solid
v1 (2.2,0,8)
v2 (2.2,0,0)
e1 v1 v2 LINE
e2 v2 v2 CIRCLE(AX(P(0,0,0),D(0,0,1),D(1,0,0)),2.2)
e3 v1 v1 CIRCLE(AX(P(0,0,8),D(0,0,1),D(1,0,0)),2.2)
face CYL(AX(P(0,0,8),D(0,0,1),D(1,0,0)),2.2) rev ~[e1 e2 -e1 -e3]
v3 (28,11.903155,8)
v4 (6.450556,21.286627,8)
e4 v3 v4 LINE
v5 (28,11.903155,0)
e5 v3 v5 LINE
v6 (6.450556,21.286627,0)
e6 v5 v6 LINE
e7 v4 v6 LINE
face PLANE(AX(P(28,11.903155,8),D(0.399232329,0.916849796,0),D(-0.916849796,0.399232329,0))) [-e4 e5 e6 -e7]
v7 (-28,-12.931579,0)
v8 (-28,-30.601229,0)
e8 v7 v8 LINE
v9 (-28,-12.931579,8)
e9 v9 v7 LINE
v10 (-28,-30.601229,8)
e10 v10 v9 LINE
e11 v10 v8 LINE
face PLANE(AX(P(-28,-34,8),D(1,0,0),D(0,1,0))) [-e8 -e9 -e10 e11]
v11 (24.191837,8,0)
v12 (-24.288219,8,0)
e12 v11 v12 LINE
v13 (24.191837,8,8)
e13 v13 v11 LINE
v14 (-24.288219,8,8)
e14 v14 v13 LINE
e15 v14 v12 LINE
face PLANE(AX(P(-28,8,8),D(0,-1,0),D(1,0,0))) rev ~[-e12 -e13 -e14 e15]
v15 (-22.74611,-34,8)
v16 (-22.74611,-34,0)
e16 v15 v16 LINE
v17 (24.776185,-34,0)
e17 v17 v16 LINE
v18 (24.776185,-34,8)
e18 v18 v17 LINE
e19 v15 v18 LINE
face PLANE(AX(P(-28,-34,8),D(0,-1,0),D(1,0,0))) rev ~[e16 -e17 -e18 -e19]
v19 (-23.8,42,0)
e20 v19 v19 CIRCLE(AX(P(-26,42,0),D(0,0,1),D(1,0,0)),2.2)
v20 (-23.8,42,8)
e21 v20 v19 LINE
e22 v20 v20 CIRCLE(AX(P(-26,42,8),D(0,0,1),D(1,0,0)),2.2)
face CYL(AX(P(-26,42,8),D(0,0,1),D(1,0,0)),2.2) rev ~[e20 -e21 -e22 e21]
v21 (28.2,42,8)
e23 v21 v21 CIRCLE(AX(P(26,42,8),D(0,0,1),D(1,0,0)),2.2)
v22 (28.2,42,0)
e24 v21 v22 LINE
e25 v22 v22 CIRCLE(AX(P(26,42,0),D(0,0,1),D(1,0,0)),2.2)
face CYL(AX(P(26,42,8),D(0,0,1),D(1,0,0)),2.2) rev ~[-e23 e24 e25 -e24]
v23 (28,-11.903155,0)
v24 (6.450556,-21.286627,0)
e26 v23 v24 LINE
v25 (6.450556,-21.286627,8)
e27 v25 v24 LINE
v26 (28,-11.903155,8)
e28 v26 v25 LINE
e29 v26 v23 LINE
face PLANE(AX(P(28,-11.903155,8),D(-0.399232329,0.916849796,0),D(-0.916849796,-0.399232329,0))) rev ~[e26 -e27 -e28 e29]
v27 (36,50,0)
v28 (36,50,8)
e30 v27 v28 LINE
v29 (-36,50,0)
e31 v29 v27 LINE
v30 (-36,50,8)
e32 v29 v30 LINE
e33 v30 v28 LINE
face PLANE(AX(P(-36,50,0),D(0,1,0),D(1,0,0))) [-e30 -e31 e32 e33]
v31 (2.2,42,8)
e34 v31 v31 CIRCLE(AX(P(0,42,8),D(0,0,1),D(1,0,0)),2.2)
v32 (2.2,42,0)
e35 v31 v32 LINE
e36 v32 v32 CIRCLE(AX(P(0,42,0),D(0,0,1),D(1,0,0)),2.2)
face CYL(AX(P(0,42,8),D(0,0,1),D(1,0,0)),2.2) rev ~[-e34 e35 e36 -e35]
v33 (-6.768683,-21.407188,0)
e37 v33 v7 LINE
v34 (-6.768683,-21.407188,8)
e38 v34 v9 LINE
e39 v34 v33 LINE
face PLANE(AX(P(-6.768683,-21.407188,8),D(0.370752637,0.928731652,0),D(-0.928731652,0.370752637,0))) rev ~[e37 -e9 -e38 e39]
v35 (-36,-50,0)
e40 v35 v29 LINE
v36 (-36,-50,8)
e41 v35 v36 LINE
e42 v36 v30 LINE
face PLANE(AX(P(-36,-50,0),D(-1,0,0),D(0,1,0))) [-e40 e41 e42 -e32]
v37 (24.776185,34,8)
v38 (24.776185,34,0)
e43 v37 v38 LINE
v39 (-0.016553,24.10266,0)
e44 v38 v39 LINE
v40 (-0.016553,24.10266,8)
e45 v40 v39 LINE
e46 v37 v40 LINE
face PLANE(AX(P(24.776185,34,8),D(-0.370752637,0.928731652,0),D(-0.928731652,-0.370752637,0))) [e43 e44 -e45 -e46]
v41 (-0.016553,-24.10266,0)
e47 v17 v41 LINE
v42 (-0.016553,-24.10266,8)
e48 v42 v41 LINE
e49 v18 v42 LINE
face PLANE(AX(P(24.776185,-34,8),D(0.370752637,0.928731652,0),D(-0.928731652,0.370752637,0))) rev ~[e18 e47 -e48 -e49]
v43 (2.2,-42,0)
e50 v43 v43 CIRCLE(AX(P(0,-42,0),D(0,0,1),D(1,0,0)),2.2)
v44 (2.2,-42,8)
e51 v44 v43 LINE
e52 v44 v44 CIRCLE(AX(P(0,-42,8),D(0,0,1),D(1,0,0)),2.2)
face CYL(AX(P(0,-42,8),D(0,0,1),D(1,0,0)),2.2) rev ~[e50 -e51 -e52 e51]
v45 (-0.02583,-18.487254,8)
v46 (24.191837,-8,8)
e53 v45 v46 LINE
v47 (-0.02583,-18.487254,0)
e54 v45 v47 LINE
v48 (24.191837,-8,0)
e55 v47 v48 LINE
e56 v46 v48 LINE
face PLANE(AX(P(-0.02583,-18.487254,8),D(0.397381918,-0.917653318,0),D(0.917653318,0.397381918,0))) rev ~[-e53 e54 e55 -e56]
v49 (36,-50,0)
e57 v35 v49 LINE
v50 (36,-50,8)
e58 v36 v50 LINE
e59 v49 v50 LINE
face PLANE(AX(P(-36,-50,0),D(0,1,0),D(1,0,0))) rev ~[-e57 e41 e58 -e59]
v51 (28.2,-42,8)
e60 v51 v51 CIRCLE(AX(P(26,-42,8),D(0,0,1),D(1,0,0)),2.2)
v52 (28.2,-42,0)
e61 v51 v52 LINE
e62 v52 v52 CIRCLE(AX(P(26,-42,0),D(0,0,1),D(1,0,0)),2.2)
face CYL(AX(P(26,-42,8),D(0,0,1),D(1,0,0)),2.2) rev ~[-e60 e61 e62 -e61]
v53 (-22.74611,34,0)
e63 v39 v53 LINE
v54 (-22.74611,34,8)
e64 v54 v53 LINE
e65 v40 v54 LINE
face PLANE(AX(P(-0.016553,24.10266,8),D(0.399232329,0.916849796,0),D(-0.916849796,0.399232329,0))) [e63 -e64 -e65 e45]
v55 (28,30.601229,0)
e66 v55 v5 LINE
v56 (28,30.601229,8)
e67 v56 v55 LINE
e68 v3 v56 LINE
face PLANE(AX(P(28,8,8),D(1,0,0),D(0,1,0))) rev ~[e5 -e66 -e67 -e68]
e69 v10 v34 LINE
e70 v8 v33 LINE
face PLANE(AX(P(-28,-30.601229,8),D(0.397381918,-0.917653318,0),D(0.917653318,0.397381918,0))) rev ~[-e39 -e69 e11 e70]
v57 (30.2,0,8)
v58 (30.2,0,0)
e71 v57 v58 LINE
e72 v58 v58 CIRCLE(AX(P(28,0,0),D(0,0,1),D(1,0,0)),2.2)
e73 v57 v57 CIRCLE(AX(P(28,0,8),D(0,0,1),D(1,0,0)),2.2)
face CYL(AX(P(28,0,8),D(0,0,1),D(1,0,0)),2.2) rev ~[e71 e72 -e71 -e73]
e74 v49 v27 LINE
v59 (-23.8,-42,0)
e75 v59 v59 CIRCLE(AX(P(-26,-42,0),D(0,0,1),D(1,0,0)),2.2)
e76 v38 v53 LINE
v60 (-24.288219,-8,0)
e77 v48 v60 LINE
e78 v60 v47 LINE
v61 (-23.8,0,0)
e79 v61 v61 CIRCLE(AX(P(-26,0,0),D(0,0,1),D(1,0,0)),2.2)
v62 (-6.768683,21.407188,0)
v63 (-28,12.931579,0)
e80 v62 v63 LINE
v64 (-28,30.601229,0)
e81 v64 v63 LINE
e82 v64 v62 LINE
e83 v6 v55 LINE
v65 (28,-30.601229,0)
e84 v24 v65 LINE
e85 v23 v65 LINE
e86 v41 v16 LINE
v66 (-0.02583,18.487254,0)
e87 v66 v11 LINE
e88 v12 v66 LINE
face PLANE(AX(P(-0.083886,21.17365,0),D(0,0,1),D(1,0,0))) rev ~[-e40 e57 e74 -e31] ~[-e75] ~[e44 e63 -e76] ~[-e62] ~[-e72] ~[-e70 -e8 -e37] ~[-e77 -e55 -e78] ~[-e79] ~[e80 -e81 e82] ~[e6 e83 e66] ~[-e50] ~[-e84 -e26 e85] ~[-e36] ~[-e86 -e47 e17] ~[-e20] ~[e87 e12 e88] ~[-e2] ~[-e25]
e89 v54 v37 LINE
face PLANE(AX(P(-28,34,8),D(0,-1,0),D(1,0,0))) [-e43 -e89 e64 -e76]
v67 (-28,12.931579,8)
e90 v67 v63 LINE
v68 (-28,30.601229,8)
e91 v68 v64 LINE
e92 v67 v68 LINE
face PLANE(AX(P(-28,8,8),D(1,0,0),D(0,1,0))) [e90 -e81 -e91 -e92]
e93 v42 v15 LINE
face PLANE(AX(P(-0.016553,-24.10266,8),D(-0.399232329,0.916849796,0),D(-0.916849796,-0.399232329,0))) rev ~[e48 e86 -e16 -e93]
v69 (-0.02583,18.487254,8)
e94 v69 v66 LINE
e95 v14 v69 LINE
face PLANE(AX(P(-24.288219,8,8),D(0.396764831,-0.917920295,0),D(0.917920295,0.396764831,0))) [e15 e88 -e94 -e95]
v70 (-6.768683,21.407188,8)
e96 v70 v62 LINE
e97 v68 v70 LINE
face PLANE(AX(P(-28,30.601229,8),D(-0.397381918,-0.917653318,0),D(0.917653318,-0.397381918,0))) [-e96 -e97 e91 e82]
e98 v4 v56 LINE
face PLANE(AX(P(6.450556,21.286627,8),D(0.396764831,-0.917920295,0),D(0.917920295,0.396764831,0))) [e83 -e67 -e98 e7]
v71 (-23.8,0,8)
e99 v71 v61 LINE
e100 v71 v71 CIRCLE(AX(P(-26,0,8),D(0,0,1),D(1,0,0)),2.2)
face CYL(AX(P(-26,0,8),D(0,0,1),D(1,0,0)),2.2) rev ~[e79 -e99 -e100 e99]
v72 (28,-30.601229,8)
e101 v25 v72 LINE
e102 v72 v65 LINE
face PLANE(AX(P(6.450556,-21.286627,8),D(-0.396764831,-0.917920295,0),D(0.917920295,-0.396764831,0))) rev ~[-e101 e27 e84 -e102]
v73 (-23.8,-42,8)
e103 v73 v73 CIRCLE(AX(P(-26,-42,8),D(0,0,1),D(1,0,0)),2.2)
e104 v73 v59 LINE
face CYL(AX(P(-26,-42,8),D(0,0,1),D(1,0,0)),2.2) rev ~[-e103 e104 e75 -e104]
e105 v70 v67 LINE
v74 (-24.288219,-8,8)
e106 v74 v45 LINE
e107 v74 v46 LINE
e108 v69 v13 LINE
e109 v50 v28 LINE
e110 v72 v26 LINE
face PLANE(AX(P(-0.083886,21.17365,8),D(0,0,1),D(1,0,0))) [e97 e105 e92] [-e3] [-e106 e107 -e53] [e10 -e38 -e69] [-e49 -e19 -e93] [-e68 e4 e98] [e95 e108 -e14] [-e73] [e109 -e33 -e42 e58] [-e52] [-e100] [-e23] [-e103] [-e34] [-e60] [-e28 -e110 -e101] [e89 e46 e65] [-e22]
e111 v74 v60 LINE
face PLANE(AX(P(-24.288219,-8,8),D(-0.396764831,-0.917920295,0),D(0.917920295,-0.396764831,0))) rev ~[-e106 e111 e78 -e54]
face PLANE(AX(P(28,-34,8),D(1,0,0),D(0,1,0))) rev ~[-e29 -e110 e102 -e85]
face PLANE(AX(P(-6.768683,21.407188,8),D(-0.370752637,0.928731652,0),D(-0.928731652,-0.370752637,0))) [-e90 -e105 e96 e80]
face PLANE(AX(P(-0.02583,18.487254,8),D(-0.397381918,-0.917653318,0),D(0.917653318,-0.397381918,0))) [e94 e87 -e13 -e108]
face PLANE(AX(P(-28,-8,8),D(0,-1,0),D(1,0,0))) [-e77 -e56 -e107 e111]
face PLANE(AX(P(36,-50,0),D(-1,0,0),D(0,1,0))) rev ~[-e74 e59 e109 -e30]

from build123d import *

# Parameters (mm, degrees)
SKETCH_1_W          = 72
SKETCH_1_H          = 100
EXTRUDE_1_DEPTH     = 8
CUT_EXTRUDE_1_REACH = 64.129
SKETCH_2_R          = 2.2
SKETCH_2_W          = 56
SKETCH_2_H          = 26
EXTRUDE_2_DEPTH     = 8


with BuildPart() as part:
    # 草图1 → 凸台-拉伸1 (new body)
    with BuildSketch(Plane.XY):
        Rectangle(SKETCH_1_W, SKETCH_1_H)
    extrude(amount=EXTRUDE_1_DEPTH)

    # 草图2 → 切除-拉伸1 (cut, up to next)
    with BuildSketch(Plane.XY.offset(8), mode=Mode.PRIVATE) as cut_extrude_1_sk1:
        with Locations((-26, -42)):
            Circle(SKETCH_2_R)
    cut_extrude_1_tool1 = extrude(cut_extrude_1_sk1.sketch, amount=-CUT_EXTRUDE_1_REACH, mode=Mode.PRIVATE) & part.part
    # 草图2 → 切除-拉伸1 (cut, up to next)
    with BuildSketch(Plane.XY.offset(8), mode=Mode.PRIVATE) as cut_extrude_1_sk2:
        with Locations((0, -42)):
            Circle(SKETCH_2_R)
    cut_extrude_1_tool2 = extrude(cut_extrude_1_sk2.sketch, amount=-CUT_EXTRUDE_1_REACH, mode=Mode.PRIVATE) & part.part
    # 草图2 → 切除-拉伸1 (cut, up to next)
    with BuildSketch(Plane.XY.offset(8), mode=Mode.PRIVATE) as cut_extrude_1_sk3:
        with Locations((26, -42)):
            Circle(SKETCH_2_R)
    cut_extrude_1_tool3 = extrude(cut_extrude_1_sk3.sketch, amount=-CUT_EXTRUDE_1_REACH, mode=Mode.PRIVATE) & part.part
    # 草图2 → 切除-拉伸1 (cut, up to next)
    with BuildSketch(Plane.XY.offset(8), mode=Mode.PRIVATE) as cut_extrude_1_sk4:
        with Locations((26, 42)):
            Circle(SKETCH_2_R)
    cut_extrude_1_tool4 = extrude(cut_extrude_1_sk4.sketch, amount=-CUT_EXTRUDE_1_REACH, mode=Mode.PRIVATE) & part.part
    # 草图2 → 切除-拉伸1 (cut, up to next)
    with BuildSketch(Plane.XY.offset(8), mode=Mode.PRIVATE) as cut_extrude_1_sk5:
        with Locations((0, 42)):
            Circle(SKETCH_2_R)
    cut_extrude_1_tool5 = extrude(cut_extrude_1_sk5.sketch, amount=-CUT_EXTRUDE_1_REACH, mode=Mode.PRIVATE) & part.part
    # 草图2 → 切除-拉伸1 (cut, up to next)
    with BuildSketch(Plane.XY.offset(8), mode=Mode.PRIVATE) as cut_extrude_1_sk6:
        with Locations((-26, 42)):
            Circle(SKETCH_2_R)
    cut_extrude_1_tool6 = extrude(cut_extrude_1_sk6.sketch, amount=-CUT_EXTRUDE_1_REACH, mode=Mode.PRIVATE) & part.part
    # 草图2 → 切除-拉伸1 (cut, up to next)
    with BuildSketch(Plane.XY.offset(8), mode=Mode.PRIVATE) as cut_extrude_1_sk7:
        with Locations((-26, 0)):
            Circle(SKETCH_2_R)
    cut_extrude_1_tool7 = extrude(cut_extrude_1_sk7.sketch, amount=-CUT_EXTRUDE_1_REACH, mode=Mode.PRIVATE) & part.part
    # 草图2 → 切除-拉伸1 (cut, up to next)
    with BuildSketch(Plane.XY.offset(8), mode=Mode.PRIVATE) as cut_extrude_1_sk8:
        Circle(SKETCH_2_R)
    cut_extrude_1_tool8 = extrude(cut_extrude_1_sk8.sketch, amount=-CUT_EXTRUDE_1_REACH, mode=Mode.PRIVATE) & part.part
    # 草图2 → 切除-拉伸1 (cut, up to next)
    with BuildSketch(Plane.XY.offset(8), mode=Mode.PRIVATE) as cut_extrude_1_sk9:
        with Locations((28, 0)):
            Circle(SKETCH_2_R)
    cut_extrude_1_tool9 = extrude(cut_extrude_1_sk9.sketch, amount=-CUT_EXTRUDE_1_REACH, mode=Mode.PRIVATE) & part.part
    # 草图2 → 切除-拉伸1 (cut, up to next)
    with BuildSketch(Plane.XY.offset(8), mode=Mode.PRIVATE) as cut_extrude_1_sk10:
        with Locations((0, 21)):
            Rectangle(SKETCH_2_W, SKETCH_2_H)
    cut_extrude_1_tool10 = extrude(cut_extrude_1_sk10.sketch, amount=-CUT_EXTRUDE_1_REACH, mode=Mode.PRIVATE) & part.part
    # 草图2 → 切除-拉伸1 (cut, up to next)
    with BuildSketch(Plane.XY.offset(8), mode=Mode.PRIVATE) as cut_extrude_1_sk11:
        with Locations((0, -21)):
            Rectangle(SKETCH_2_W, SKETCH_2_H)
    cut_extrude_1_tool11 = extrude(cut_extrude_1_sk11.sketch, amount=-CUT_EXTRUDE_1_REACH, mode=Mode.PRIVATE) & part.part
    add(cut_extrude_1_tool1.solids().sort_by_distance((-26, -42, 8))[0], mode=Mode.SUBTRACT)
    add(cut_extrude_1_tool2.solids().sort_by_distance((0, -42, 8))[0], mode=Mode.SUBTRACT)
    add(cut_extrude_1_tool3.solids().sort_by_distance((26, -42, 8))[0], mode=Mode.SUBTRACT)
    add(cut_extrude_1_tool4.solids().sort_by_distance((26, 42, 8))[0], mode=Mode.SUBTRACT)
    add(cut_extrude_1_tool5.solids().sort_by_distance((0, 42, 8))[0], mode=Mode.SUBTRACT)
    add(cut_extrude_1_tool6.solids().sort_by_distance((-26, 42, 8))[0], mode=Mode.SUBTRACT)
    add(cut_extrude_1_tool7.solids().sort_by_distance((-26, 0, 8))[0], mode=Mode.SUBTRACT)
    add(cut_extrude_1_tool8.solids().sort_by_distance((0, 0, 8))[0], mode=Mode.SUBTRACT)
    add(cut_extrude_1_tool9.solids().sort_by_distance((28, 0, 8))[0], mode=Mode.SUBTRACT)
    add(cut_extrude_1_tool10.solids().sort_by_distance((0, 21, 8))[0], mode=Mode.SUBTRACT)
    add(cut_extrude_1_tool11.solids().sort_by_distance((0, -21, 8))[0], mode=Mode.SUBTRACT)

    # 草图3 → 凸台-拉伸2 (add)
    with BuildSketch(Plane.XY.offset(8)):
        Polygon((-28, 30.60122868), (-6.768682564, 21.407188314), (-28, 12.93157869), (-28, 8), (-24.288219299, 8), (-0.025829724, 18.487253581), (24.191837476, 8), (28, 8), (28, 11.903155093), (6.450556004, 21.286627452), (28, 30.60122868), (28, 34), (24.776184912, 34), (-0.016552798, 24.102660047), (-22.746110137, 34), (-28, 34), align=None)
        Polygon((-28, -8), (-24.288219299, -8), (-0.025829724, -18.487253581), (24.191837476, -8), (28, -8), (28, -11.903155093), (6.450556004, -21.286627452), (28, -30.60122868), (28, -34), (24.776184912, -34), (-0.016552798, -24.102660047), (-22.746110137, -34), (-28, -34), (-28, -30.60122868), (-6.768682564, -21.407188314), (-28, -12.93157869), align=None)
    extrude(amount=-EXTRUDE_2_DEPTH)


solid = part.part
